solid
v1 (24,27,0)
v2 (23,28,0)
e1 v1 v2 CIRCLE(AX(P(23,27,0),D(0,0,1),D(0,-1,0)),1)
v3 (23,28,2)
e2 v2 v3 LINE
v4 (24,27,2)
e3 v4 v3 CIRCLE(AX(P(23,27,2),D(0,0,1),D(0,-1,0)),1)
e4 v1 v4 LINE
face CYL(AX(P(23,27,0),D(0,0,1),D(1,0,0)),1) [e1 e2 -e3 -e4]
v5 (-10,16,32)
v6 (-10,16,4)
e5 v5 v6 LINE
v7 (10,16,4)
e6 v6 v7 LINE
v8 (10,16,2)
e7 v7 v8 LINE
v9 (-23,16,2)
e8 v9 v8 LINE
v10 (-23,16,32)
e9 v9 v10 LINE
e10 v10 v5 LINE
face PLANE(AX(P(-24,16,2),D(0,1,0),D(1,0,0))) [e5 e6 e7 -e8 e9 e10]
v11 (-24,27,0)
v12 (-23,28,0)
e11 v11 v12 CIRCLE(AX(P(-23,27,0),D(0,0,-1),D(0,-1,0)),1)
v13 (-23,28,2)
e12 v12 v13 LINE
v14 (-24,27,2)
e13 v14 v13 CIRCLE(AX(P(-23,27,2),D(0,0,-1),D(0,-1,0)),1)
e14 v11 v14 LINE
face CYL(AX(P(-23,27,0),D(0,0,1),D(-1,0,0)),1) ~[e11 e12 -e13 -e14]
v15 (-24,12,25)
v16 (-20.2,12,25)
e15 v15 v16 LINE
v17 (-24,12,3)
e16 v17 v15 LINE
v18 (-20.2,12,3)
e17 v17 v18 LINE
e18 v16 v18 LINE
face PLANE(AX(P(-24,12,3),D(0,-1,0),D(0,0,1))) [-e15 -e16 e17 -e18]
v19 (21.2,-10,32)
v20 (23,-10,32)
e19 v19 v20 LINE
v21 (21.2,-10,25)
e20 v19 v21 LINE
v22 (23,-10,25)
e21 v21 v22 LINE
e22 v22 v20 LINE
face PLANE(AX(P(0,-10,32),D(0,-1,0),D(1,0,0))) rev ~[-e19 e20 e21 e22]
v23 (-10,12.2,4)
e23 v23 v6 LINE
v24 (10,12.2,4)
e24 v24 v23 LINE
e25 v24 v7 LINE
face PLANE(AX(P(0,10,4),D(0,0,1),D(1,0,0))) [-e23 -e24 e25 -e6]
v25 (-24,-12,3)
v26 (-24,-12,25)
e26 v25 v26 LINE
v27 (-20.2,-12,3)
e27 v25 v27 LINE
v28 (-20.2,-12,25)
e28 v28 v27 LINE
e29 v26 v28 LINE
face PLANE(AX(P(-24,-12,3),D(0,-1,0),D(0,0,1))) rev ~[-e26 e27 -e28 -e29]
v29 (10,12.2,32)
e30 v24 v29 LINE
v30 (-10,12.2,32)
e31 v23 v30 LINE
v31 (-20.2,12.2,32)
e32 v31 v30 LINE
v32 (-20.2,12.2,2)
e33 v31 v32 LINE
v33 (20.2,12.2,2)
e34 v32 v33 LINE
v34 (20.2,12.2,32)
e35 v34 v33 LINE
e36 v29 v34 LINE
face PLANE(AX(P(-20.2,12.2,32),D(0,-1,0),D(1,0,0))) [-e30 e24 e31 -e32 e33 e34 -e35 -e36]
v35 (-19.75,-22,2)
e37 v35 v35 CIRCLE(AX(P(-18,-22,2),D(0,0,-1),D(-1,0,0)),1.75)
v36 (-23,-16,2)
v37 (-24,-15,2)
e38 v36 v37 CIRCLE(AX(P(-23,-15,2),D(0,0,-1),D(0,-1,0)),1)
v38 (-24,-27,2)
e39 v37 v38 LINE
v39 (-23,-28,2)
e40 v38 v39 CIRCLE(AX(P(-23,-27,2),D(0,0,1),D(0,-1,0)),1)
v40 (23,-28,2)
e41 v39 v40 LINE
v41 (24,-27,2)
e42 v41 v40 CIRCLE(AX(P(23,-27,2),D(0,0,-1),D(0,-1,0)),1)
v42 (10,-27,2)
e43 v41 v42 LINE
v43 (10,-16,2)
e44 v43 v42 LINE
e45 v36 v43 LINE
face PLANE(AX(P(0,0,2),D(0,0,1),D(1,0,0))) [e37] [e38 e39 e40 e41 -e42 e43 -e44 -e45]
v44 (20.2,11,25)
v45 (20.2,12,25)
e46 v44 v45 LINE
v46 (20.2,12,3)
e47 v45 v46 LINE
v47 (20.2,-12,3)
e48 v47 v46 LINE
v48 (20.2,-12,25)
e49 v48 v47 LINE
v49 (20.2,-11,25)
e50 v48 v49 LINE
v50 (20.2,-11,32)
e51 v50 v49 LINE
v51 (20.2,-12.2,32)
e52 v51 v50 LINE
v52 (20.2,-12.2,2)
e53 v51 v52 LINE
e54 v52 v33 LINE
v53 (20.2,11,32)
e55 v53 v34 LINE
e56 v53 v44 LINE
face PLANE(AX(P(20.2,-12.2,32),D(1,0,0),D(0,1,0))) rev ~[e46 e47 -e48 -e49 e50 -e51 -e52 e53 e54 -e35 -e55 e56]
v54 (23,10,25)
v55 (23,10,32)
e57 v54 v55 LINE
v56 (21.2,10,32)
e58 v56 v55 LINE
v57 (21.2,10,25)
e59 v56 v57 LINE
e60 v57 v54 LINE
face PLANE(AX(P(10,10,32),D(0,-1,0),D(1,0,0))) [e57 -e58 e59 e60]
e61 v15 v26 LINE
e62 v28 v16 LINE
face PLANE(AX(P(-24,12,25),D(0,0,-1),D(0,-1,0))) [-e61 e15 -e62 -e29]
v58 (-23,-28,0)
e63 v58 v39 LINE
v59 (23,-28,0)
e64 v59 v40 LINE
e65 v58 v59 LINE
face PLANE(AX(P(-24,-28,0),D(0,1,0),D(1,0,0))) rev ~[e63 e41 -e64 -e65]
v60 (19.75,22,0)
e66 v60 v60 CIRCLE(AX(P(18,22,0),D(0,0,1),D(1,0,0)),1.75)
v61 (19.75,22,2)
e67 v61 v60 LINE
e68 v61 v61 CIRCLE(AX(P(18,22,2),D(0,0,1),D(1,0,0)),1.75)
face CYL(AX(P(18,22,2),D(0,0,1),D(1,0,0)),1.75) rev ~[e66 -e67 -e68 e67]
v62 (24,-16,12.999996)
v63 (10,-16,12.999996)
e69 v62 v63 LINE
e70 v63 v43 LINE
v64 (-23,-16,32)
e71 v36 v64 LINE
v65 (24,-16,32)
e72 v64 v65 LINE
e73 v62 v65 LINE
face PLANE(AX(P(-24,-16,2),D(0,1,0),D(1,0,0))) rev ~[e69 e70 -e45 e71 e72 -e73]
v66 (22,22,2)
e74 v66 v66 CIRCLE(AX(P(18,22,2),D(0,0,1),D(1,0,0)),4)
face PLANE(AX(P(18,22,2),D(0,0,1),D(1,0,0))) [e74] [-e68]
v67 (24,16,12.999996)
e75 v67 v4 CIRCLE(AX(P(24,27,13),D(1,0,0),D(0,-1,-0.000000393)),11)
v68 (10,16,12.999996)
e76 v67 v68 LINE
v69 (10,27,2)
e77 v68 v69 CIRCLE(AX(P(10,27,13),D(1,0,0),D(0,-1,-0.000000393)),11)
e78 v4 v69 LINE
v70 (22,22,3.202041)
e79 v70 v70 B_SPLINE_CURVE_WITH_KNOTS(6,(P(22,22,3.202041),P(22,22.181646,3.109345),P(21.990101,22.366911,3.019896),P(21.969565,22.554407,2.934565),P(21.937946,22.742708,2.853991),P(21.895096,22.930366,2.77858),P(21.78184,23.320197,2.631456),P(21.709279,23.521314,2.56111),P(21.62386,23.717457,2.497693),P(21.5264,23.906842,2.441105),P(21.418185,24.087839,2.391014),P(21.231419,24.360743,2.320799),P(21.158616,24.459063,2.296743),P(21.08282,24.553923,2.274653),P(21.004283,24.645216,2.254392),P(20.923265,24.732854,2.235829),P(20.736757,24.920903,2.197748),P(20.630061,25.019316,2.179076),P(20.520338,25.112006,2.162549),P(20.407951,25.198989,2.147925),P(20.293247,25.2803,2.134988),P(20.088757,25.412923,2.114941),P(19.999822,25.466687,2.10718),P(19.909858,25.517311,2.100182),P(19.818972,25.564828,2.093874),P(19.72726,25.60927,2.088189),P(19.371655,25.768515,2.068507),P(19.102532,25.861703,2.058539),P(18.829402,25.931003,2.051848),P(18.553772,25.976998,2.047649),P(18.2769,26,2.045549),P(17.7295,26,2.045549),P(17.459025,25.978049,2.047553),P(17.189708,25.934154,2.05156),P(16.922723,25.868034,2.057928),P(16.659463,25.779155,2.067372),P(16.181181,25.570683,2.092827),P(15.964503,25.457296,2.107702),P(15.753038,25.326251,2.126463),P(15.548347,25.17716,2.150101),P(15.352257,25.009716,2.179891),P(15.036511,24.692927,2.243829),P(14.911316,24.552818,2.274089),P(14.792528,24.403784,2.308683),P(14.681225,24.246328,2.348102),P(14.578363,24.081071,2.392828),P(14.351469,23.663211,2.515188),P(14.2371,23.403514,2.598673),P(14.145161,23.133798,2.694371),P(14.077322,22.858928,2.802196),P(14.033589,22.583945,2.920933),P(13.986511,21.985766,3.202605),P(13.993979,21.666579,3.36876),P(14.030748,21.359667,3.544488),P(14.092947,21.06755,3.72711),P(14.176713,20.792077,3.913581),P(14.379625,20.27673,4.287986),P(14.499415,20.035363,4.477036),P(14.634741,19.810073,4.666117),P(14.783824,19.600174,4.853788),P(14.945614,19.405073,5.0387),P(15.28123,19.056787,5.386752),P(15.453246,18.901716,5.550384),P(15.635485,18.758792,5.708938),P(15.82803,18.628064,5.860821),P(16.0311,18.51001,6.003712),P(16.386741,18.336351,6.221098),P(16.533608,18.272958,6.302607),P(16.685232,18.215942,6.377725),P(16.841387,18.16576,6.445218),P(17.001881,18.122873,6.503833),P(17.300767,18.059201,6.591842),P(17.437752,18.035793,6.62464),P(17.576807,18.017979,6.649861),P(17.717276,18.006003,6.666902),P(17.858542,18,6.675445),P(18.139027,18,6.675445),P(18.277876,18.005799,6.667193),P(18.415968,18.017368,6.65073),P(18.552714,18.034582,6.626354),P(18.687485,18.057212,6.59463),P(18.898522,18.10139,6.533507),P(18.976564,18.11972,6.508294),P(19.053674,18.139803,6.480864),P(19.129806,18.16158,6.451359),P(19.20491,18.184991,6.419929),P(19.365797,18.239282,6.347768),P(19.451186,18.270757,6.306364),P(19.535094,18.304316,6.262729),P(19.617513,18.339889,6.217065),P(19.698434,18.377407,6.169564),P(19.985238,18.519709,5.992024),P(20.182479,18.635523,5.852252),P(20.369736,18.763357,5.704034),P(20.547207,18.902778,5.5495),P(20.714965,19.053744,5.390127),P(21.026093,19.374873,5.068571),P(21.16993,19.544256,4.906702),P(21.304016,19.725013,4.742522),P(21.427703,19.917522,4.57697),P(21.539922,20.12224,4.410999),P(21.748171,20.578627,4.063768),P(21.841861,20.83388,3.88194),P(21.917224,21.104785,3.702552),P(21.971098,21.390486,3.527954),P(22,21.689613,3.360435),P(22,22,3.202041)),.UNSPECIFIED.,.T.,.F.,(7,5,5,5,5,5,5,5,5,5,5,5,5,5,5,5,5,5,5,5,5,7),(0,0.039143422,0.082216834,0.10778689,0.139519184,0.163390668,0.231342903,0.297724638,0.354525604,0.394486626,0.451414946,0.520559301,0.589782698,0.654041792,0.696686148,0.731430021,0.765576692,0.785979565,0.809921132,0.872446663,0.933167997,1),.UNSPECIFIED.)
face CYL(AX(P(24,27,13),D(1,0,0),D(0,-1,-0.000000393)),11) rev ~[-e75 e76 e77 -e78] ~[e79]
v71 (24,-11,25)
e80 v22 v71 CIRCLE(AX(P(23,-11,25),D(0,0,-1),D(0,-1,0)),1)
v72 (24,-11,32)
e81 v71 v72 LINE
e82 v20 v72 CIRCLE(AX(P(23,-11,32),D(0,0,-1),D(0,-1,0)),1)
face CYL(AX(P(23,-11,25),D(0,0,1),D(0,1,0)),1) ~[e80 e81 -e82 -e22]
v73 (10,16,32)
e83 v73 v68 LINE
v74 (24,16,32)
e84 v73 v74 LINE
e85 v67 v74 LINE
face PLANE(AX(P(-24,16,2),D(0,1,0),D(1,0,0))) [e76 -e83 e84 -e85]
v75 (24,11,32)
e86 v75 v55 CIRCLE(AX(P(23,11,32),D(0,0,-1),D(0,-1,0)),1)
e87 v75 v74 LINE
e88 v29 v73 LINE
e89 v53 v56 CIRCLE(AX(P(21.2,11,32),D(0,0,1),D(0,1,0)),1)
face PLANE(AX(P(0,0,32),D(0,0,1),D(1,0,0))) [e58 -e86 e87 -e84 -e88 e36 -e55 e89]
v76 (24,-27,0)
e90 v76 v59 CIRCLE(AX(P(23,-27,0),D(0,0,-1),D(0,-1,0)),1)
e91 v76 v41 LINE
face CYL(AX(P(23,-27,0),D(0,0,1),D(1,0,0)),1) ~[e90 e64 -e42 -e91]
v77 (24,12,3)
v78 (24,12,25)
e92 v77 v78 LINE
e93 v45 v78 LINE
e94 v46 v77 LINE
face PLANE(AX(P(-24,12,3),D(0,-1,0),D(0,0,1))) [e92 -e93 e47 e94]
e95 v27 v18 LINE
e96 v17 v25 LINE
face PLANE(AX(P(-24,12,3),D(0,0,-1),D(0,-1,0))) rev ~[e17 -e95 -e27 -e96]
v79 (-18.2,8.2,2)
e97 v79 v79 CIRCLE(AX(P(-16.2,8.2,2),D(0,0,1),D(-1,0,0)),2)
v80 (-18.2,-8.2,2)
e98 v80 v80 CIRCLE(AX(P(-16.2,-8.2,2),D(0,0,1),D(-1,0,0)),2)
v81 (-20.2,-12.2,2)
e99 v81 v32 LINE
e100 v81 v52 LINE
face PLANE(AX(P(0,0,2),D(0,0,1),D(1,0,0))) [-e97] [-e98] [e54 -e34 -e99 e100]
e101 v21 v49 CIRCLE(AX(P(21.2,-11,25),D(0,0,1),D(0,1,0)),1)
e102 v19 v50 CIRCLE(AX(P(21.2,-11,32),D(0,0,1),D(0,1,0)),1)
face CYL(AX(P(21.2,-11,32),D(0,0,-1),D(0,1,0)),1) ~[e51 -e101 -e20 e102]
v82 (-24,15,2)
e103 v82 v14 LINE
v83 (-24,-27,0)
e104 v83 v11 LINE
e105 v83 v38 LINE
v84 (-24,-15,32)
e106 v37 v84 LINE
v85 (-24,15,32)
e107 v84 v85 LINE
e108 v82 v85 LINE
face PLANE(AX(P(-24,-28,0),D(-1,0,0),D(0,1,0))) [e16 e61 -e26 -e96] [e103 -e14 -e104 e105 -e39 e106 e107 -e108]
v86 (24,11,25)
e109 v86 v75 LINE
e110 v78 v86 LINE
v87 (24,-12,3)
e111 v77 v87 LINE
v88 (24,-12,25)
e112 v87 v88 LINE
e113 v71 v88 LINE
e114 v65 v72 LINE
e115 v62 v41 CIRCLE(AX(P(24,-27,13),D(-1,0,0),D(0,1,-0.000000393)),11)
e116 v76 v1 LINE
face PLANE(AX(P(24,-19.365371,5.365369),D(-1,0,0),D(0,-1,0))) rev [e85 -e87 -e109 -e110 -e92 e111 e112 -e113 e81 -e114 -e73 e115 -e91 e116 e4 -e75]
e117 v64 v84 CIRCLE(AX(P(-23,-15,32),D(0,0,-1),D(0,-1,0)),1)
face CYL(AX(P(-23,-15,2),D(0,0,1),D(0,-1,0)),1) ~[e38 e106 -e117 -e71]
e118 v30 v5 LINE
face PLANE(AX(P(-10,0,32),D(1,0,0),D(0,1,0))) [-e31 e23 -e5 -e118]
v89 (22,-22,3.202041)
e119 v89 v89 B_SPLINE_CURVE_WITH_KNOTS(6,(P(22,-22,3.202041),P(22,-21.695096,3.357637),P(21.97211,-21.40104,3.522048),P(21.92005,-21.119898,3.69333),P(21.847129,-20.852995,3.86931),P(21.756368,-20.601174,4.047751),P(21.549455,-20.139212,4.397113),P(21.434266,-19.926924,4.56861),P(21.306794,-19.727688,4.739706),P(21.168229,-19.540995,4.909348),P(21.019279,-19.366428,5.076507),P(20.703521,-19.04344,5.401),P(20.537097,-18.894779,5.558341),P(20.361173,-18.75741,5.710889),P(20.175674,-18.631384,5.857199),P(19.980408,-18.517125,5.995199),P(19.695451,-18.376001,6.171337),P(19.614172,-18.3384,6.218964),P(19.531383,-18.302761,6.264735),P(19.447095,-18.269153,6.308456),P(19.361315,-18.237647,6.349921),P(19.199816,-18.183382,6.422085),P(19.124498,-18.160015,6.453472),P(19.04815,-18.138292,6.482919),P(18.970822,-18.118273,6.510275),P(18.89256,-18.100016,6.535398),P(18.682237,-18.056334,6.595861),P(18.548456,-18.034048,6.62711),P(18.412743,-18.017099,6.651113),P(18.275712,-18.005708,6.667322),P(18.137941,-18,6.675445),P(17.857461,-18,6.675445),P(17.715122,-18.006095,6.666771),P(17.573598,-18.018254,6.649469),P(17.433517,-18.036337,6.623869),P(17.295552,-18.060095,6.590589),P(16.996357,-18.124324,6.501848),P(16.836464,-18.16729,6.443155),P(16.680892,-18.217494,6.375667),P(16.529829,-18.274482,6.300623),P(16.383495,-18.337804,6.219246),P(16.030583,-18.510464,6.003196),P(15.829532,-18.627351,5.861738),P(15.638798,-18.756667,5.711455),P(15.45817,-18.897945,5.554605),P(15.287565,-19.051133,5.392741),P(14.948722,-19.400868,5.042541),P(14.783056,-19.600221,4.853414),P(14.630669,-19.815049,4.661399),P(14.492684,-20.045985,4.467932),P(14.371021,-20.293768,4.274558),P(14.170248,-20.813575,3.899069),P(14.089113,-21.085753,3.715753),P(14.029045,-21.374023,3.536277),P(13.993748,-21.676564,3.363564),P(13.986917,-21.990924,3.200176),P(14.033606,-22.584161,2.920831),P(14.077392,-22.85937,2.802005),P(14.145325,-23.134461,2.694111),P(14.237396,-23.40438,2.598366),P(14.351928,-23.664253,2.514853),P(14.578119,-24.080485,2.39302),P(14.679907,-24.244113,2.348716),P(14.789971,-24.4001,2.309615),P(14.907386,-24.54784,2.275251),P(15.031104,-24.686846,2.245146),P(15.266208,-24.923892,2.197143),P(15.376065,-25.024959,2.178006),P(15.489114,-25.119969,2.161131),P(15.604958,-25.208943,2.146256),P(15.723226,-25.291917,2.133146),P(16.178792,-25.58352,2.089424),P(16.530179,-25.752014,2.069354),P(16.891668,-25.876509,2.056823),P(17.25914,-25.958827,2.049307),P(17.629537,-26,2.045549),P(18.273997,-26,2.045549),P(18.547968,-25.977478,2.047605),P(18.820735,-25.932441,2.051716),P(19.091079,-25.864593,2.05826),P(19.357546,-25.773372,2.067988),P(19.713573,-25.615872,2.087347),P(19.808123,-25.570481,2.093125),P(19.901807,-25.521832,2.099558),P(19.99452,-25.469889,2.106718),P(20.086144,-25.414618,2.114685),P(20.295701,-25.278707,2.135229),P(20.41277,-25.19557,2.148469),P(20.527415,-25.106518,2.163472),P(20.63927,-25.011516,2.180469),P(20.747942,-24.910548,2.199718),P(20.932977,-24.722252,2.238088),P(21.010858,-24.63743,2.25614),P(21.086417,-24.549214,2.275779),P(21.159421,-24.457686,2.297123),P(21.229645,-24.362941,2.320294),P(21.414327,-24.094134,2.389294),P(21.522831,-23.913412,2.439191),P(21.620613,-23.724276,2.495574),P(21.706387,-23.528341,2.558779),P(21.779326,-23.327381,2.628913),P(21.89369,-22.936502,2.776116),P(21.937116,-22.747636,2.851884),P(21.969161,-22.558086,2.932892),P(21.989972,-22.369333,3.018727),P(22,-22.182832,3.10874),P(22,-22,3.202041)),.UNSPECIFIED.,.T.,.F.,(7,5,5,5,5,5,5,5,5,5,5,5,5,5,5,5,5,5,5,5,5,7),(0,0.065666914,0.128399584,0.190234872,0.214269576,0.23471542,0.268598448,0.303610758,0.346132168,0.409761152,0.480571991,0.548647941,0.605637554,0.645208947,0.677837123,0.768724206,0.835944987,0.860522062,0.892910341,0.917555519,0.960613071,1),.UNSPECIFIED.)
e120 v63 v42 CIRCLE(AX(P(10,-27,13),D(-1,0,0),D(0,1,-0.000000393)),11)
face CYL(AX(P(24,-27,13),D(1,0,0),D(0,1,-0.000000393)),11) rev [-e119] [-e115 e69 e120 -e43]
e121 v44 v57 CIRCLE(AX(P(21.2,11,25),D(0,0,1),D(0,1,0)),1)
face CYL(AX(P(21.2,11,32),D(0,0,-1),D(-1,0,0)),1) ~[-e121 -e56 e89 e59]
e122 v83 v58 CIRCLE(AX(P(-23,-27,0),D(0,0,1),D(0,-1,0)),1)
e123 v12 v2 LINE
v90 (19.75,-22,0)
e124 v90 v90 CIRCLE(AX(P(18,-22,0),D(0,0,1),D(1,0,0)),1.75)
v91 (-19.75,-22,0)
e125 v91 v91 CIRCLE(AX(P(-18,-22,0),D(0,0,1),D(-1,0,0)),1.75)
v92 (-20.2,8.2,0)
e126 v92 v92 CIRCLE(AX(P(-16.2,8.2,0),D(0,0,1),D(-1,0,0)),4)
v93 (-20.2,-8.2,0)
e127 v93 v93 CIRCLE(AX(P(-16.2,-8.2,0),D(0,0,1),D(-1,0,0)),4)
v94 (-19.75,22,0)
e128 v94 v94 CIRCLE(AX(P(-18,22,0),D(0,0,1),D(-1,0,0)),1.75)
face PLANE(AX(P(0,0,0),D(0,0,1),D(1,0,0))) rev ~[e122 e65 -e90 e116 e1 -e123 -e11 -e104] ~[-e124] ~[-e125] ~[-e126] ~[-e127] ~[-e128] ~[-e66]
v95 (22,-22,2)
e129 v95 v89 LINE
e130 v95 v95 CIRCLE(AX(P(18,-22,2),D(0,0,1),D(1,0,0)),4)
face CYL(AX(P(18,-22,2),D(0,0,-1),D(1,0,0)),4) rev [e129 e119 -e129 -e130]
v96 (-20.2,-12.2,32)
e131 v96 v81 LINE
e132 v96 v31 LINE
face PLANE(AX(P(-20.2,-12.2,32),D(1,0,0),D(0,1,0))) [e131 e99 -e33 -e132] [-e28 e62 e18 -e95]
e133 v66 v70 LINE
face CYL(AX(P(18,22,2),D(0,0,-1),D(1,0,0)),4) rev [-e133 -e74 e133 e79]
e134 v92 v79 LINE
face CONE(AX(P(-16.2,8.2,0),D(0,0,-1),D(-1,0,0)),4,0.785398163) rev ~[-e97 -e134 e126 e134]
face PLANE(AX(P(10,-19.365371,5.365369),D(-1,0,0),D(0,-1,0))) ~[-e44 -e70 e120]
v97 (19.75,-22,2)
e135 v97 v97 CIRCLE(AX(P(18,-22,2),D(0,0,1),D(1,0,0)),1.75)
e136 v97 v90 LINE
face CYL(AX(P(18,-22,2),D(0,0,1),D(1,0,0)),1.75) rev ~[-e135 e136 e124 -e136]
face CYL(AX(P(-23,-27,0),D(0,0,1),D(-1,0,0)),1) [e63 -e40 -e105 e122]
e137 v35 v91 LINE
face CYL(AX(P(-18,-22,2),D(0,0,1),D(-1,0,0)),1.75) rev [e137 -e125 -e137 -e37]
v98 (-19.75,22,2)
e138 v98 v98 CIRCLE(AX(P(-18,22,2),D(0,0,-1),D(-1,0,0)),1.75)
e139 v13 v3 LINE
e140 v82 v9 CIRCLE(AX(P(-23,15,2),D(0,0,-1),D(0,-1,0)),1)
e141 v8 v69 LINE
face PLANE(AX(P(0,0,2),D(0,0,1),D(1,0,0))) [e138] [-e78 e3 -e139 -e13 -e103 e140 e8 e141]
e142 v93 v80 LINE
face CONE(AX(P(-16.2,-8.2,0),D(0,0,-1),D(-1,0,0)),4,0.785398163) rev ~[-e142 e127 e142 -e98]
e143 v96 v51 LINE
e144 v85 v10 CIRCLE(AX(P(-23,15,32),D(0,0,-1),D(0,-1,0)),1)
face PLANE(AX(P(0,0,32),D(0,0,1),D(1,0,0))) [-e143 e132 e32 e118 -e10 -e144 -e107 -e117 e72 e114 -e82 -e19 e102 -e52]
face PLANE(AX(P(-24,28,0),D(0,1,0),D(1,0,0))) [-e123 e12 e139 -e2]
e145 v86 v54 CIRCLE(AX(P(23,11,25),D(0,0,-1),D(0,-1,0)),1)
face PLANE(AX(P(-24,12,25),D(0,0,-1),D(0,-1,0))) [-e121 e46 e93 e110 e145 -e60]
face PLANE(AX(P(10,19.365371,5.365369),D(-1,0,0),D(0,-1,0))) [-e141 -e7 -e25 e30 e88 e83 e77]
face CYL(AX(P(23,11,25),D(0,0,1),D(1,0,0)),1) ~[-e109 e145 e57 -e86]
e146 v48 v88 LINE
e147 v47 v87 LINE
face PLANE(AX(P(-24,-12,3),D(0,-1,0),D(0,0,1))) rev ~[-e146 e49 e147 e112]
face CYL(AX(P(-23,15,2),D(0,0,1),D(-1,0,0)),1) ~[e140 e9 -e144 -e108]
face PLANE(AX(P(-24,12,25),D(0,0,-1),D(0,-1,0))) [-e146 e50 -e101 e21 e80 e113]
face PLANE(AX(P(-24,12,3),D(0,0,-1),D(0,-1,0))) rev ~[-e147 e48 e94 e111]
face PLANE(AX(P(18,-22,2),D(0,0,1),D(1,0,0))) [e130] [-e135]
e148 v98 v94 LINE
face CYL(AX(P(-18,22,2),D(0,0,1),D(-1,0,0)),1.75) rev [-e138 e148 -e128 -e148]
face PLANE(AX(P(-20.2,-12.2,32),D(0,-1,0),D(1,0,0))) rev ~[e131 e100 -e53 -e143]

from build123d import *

# Parameters (mm, degrees)
SKETCH107_W         = 48
SKETCH107_H         = 56
PAD026_DEPTH        = 2
SKETCH108_R         = 1.75
HOLE046_DEPTH       = 25
SKETCH109_W         = 48
SKETCH109_H         = 32
PAD027_DEPTH        = 30
SKETCH110_W         = 40.4
SKETCH110_H         = 24.4
POCKET033_DEPTH     = 30
SKETCH111_W         = 20
SKETCH111_H         = 20
SKETCH111_W_2       = 40
POCKET034_DEPTH     = 28
SKETCH112_W         = 24
SKETCH112_H         = 22
POCKET035_DEPTH     = 50
SKETCH113_R         = 1.75
HOLE047_DEPTH       = 25
HOLE048_D           = 3.5
HOLE048_DEPTH       = 25
HOLE048_CSINK_D     = 8
HOLE048_CSINK_ANGLE = 90
HOLE048_TIPS_R      = 1.75
FILLET037_R         = 1
PAD_DEPTH           = 14
SKETCH115_R         = 4
HOLE_DEPTH          = 25
HOLE_TIPS_R         = 4
FILLET_R            = 1
FILLET038_R         = 1
FILLET039_R         = 1


with BuildPart() as part:
    # Sketch107 → Pad026 (new body)
    with BuildSketch(Plane.XY):
        Rectangle(SKETCH107_W, SKETCH107_H)
    extrude(amount=PAD026_DEPTH)

    # Sketch108 (on Face6 of Pad026) → Hole046 (cut)
    with BuildSketch(Plane.XY.offset(2)):
        with Locations((18, 22)):
            Circle(SKETCH108_R)
        with Locations((18, -22)):
            Circle(SKETCH108_R)
    hole046 = extrude(amount=-HOLE046_DEPTH, mode=Mode.SUBTRACT)

    # Mirrored041: Hole046 across Sketch108 V_Axis
    add(hole046.mirror(Plane(origin=(0, 0, 2), x_dir=(0, 0, 1), z_dir=(1, 0, 0))), mode=Mode.SUBTRACT)

    # Sketch109 (on Face5 of Mirrored041) → Pad027 (join)
    with BuildSketch(Plane.XY.offset(2)):
        Rectangle(SKETCH109_W, SKETCH109_H)
    extrude(amount=PAD027_DEPTH)

    # Sketch110 (on Face12 of Pad027) → Pocket033 (cut)
    with BuildSketch(Plane.XY.offset(32)):
        Rectangle(SKETCH110_W, SKETCH110_H)
    extrude(amount=-POCKET033_DEPTH, mode=Mode.SUBTRACT)

    # Sketch111 (on Face8 of Pocket033) → Pocket034 (cut)
    with BuildSketch(Plane.XY.offset(32)):
        with Locations((0, 10)):
            Rectangle(SKETCH111_W, SKETCH111_H)
        with Locations((20, 0)):
            Rectangle(SKETCH111_W_2, SKETCH111_H)
    extrude(amount=-POCKET034_DEPTH, mode=Mode.SUBTRACT)

    # Sketch112 (on Face3 of Pocket034) → Pocket035 (cut)
    with BuildSketch(Plane(origin=(-24, 0, 0), x_dir=(0, -1, 0), z_dir=(-1, 0, 0))):
        with Locations((0, 14)):
            Rectangle(SKETCH112_W, SKETCH112_H)
    extrude(amount=-POCKET035_DEPTH, mode=Mode.SUBTRACT)

    # Sketch113 (on Face34 of Pocket035) → Hole047 (cut)
    with BuildSketch(Plane.XY.offset(2)):
        with Locations((-16.2, 8.2)):
            Circle(SKETCH113_R)
        with Locations((-16.2, -8.2)):
            Circle(SKETCH113_R)
    extrude(amount=-HOLE047_DEPTH, mode=Mode.SUBTRACT)

    # Hole048
    with Locations(Plane(origin=(0, 0, 0), x_dir=(1, 0, 0), z_dir=(0, 0, -1))):
        with Locations((-16.2, -8.2), (-16.2, 8.2)):
            CounterSinkHole(HOLE048_D / 2, HOLE048_CSINK_D / 2, depth=HOLE048_DEPTH, counter_sink_angle=HOLE048_CSINK_ANGLE)

    # Hole048 tips → Hole048 tip 1 section 0
    with BuildSketch(Plane(origin=(0, 0, 25), x_dir=(1, 0, 0), z_dir=(0, 0, -1)), mode=Mode.PRIVATE) as hole048_tip_1_s0:
        with Locations((-16.2, -8.2)):
            Circle(HOLE048_TIPS_R)
    loft([hole048_tip_1_s0.sketch, Vertex(-16.2, 8.2, 26.051506)], mode=Mode.SUBTRACT)

    # Hole048 tips → Hole048 tip 2 section 0
    with BuildSketch(Plane(origin=(0, 0, 25), x_dir=(1, 0, 0), z_dir=(0, 0, -1)), mode=Mode.PRIVATE) as hole048_tip_2_s0:
        with Locations((-16.2, 8.2)):
            Circle(HOLE048_TIPS_R)
    loft([hole048_tip_2_s0.sketch, Vertex(-16.2, -8.2, 26.051506)], mode=Mode.SUBTRACT)

    # Fillet037
    fillet037_edges = [part.edges().sort_by_distance(p)[0] for p in [
        (24, -28, 1),
        (24, 28, 1),
        (-24, -28, 1),
        (-24, 28, 1),
    ]]
    fillet(fillet037_edges, radius=FILLET037_R)

    # Sketch (on Face10 of Fillet037) → Pad (join)
    with BuildSketch(Plane.YZ.offset(24)):
        with BuildLine():
            ThreePointArc((16, 12.999996), (19.221827, 5.221824), (27, 2))
            Line((16, 2), (27, 2))
            Line((16, 12.999996), (16, 2))
        make_face()
    pad = extrude(amount=-PAD_DEPTH)

    # Mirrored: Pad across Sketch V_Axis
    add(pad.mirror(Plane(origin=(24, 0, 0), x_dir=(1, 0, 0), z_dir=(0, 1, 0))))

    # Sketch115 (on Face5 of Pad) → Hole (cut)
    with BuildSketch(Plane.XY.offset(2)):
        with Locations((18, 22)):
            Circle(SKETCH115_R)
        with Locations((18, -22)):
            Circle(SKETCH115_R)
    extrude(amount=HOLE_DEPTH, mode=Mode.SUBTRACT)

    # Hole tips → Hole tip 1 section 0
    with BuildSketch(Plane.XY.offset(27), mode=Mode.PRIVATE) as hole_tip_1_s0:
        with Locations((18, 22)):
            Circle(HOLE_TIPS_R)
    loft([hole_tip_1_s0.sketch, Vertex(18, 22, 29.403442)], mode=Mode.SUBTRACT)

    # Hole tips → Hole tip 2 section 0
    with BuildSketch(Plane.XY.offset(27), mode=Mode.PRIVATE) as hole_tip_2_s0:
        with Locations((18, -22)):
            Circle(HOLE_TIPS_R)
    loft([hole_tip_2_s0.sketch, Vertex(18, -22, 29.403442)], mode=Mode.SUBTRACT)

    # Fillet
    fillet_edges = [part.edges().sort_by_distance(p)[0] for p in [
        (-24, -16, 17),
        (-24, 16, 17),
    ]]
    fillet(fillet_edges, radius=FILLET_R)

    # Fillet038
    fillet038_edges = [part.edges().sort_by_distance(p)[0] for p in [
        (20.2, 10, 28.5),
        (20.2, -10, 28.5),
    ]]
    fillet(fillet038_edges, radius=FILLET038_R)

    # Fillet039
    fillet039_edges = [part.edges().sort_by_distance(p)[0] for p in [
        (24, 10, 28.5),
        (24, -10, 28.5),
    ]]
    fillet(fillet039_edges, radius=FILLET039_R)


solid = part.part
